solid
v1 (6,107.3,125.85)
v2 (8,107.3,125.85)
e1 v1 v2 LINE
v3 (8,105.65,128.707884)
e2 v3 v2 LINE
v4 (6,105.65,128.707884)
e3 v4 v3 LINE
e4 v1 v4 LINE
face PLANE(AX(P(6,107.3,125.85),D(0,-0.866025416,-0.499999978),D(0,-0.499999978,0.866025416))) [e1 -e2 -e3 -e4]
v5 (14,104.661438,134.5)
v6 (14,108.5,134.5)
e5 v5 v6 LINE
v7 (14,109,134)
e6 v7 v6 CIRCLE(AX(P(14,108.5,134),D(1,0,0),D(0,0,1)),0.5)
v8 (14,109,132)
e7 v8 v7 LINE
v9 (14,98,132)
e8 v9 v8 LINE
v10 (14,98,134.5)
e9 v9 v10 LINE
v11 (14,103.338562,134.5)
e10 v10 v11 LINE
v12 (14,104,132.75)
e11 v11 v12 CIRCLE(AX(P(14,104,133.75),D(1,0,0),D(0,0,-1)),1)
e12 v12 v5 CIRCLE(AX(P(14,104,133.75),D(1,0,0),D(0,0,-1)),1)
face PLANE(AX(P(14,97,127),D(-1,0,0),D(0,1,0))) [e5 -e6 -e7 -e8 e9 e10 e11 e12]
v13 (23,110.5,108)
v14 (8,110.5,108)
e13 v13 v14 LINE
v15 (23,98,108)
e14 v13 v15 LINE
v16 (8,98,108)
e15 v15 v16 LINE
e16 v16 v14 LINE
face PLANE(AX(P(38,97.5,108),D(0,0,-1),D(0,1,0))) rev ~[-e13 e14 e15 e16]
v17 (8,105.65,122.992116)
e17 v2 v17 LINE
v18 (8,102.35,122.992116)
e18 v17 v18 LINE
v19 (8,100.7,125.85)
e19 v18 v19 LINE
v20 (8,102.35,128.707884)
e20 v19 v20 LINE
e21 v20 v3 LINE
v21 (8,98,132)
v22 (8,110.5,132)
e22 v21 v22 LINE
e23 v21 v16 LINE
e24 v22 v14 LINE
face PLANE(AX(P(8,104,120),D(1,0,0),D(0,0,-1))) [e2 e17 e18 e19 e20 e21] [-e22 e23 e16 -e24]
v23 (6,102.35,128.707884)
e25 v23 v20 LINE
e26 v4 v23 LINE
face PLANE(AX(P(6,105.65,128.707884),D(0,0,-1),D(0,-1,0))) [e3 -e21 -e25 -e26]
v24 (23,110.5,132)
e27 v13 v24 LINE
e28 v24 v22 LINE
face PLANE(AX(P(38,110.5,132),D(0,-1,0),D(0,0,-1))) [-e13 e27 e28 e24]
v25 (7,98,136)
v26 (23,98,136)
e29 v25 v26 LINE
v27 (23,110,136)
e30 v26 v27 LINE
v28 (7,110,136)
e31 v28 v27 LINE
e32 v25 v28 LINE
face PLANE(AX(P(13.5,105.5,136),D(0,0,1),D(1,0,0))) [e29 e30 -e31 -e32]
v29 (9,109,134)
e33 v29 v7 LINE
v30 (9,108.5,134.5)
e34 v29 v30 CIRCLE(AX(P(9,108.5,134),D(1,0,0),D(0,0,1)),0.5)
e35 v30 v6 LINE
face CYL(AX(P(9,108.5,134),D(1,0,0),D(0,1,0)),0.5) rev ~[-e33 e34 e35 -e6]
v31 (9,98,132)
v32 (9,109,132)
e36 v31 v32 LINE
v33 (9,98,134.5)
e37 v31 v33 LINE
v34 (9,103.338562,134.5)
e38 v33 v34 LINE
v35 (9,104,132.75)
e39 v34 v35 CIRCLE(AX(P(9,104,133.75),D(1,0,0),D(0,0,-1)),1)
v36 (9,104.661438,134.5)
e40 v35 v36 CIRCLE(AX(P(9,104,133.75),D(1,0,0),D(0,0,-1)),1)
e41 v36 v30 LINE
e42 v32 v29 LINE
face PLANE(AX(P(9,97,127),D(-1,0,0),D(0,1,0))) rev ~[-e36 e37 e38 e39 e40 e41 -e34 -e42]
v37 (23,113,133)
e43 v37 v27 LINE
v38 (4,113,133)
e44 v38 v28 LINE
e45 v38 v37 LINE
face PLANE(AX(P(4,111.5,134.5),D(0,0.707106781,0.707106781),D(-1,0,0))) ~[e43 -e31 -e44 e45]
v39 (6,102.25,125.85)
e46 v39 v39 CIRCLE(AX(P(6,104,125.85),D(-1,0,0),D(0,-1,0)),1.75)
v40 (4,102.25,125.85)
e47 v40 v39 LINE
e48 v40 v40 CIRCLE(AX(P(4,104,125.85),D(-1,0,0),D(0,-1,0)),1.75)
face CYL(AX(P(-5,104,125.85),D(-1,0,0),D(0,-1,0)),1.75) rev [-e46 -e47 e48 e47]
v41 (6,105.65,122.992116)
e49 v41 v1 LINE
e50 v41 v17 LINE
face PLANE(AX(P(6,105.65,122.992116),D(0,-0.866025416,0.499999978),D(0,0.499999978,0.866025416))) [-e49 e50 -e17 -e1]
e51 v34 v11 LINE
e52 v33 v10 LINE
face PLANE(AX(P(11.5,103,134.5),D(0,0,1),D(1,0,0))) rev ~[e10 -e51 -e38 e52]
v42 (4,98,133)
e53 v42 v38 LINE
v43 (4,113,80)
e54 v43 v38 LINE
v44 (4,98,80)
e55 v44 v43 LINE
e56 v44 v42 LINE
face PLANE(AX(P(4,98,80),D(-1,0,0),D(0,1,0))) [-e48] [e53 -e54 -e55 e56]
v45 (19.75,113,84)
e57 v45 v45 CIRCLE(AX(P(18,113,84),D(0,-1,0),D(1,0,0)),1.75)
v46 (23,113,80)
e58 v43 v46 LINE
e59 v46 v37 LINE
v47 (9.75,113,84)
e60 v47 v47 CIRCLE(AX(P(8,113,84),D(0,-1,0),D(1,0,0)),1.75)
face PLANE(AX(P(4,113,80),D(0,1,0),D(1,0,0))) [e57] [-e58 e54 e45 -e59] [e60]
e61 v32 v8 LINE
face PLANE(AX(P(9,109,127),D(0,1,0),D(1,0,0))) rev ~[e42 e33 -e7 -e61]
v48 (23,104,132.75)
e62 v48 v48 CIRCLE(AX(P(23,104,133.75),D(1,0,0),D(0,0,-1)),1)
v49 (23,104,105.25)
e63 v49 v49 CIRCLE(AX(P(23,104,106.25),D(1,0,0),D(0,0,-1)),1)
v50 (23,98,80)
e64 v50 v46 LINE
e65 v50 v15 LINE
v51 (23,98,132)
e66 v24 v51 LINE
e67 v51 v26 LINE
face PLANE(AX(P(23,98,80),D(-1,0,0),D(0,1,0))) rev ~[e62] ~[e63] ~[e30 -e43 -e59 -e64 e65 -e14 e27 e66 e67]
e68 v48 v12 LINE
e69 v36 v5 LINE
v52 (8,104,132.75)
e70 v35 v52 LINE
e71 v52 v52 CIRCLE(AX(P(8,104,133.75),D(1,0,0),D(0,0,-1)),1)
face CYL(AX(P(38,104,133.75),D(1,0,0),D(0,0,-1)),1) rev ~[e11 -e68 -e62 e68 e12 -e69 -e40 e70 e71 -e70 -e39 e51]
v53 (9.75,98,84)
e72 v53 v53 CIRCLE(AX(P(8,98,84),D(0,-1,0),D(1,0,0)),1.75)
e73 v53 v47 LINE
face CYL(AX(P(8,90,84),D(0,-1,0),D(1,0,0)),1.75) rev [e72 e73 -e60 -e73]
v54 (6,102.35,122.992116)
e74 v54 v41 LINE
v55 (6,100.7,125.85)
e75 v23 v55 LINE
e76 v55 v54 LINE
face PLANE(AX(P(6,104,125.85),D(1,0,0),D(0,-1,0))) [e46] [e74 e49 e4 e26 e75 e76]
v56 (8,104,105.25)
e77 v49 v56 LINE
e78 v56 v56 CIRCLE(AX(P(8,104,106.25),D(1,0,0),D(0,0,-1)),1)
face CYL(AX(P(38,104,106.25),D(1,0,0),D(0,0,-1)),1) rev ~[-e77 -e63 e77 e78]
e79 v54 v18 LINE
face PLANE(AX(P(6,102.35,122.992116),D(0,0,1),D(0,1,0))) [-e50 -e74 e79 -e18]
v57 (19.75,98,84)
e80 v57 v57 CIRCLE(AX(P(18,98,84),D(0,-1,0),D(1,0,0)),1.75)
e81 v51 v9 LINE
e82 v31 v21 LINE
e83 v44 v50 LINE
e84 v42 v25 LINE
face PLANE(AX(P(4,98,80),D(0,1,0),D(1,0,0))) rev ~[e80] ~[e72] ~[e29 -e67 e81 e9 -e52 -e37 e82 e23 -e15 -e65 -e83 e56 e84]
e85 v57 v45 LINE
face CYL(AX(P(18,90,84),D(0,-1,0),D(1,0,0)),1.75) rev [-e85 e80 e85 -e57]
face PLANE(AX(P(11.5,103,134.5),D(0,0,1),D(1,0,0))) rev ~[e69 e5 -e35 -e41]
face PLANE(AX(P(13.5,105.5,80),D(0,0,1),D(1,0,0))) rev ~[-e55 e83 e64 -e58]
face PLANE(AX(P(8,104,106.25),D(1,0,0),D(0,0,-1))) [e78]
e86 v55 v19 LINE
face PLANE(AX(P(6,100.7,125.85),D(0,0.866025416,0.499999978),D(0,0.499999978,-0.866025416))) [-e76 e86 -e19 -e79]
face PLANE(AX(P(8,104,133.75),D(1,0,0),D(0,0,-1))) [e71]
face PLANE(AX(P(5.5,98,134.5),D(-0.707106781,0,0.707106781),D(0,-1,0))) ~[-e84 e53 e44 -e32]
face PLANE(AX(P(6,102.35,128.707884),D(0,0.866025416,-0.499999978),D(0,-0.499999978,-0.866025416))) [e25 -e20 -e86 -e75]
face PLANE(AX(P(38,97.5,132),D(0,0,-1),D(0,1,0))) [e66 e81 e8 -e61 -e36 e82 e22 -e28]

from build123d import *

# Parameters (mm, degrees)
BOX069_W               = 5
BOX069_H               = 12
BOX069_DEPTH           = 7.5
CYLINDER075_R          = 1.75
CYLINDER075_DEPTH      = 32
PRISM001_DEPTH         = 10
SKETCH015_R            = 1
SKETCH015_W            = 24
SKETCH015_H            = 13
PAD010_DEPTH           = 30
CYLINDER073_R          = 1.75
CYLINDER073_DEPTH      = 32
CYLINDER073_ROLL_ANGLE = -90
CYLINDER074_R          = 1.75
CYLINDER074_DEPTH      = 32
CYLINDER074_ROLL_ANGLE = -90
BOX054_W               = 19
BOX054_H               = 15
BOX054_DEPTH           = 56
CHAMFER108_SIZE        = 3
FILLET018013051_R      = 0.5


with BuildPart() as cubo015:
    # Box069 → Box069 (new body)
    with BuildSketch(Plane(origin=(9, 97, 127), x_dir=(1, 0, 0), z_dir=(0, 0, 1))):
        with Locations((2.5, 6)):
            Rectangle(BOX069_W, BOX069_H)
    extrude(amount=BOX069_DEPTH)


with BuildPart() as cilindro016:
    # Cylinder075 → Cylinder075 (new body)
    with BuildSketch(Plane(origin=(-5, 104, 125.85), x_dir=(0, -1, 0), z_dir=(1, 0, 0))):
        Circle(CYLINDER075_R)
    extrude(amount=CYLINDER075_DEPTH)


with BuildPart() as fusion057:
    # Prism001 → Prism001 (new body)
    with BuildSketch(Plane(origin=(6, 104, 125.85), x_dir=(0, -1, 0), z_dir=(1, 0, 0))):
        Polygon((3.3, 0), (1.65, 2.857884), (-1.65, 2.857884), (-3.3, 0), (-1.65, -2.857884), (1.65, -2.857884), align=None)
    extrude(amount=PRISM001_DEPTH)

    # Fusion057: union Cilindro016
    add(cilindro016.part)


with BuildPart() as pad010:
    # Sketch015 → Pad010 (new body)
    with BuildSketch(Plane(origin=(38, -16, 143.25), x_dir=(0, 0, -1), z_dir=(1, 0, 0))):
        with Locations((37, 120)):
            Circle(SKETCH015_R)
        with Locations((9.5, 120)):
            Circle(SKETCH015_R)
        with Locations((23.25, 120)):
            Rectangle(SKETCH015_W, SKETCH015_H)
    extrude(amount=-PAD010_DEPTH)


with BuildPart() as cilindro014:
    # Cylinder073 → Cylinder073 (new body)
    with BuildSketch(Plane.XY):
        Circle(CYLINDER073_R)
    extrude(amount=CYLINDER073_DEPTH)


with BuildPart() as cilindro014_1:
    # Cylinder073 roll: moved
    add(cilindro014.part.rotate(Axis((0, 0, 0), (1, 0, 0)), CYLINDER073_ROLL_ANGLE))


with BuildPart() as cilindro014_2:
    # Cylinder073 placement: moved
    add(cilindro014_1.part.moved(Location((8, 90, 84))))


with BuildPart() as fusion056:
    # Cylinder074 → Cylinder074 (new body)
    with BuildSketch(Plane.XY):
        Circle(CYLINDER074_R)
    extrude(amount=CYLINDER074_DEPTH)


with BuildPart() as fusion056_1:
    # Cylinder074 roll: moved
    add(fusion056.part.rotate(Axis((0, 0, 0), (1, 0, 0)), CYLINDER074_ROLL_ANGLE))


with BuildPart() as fusion056_2:
    # Cylinder074 placement: moved
    add(fusion056_1.part.moved(Location((18, 90, 84))))

    # Fusion056: union Cilindro014
    add(cilindro014_2.part)


with BuildPart() as fillet018013051:
    # Box054 → Box054 (new body)
    with BuildSketch(Plane(origin=(4, 98, 80), x_dir=(1, 0, 0), z_dir=(0, 0, 1))):
        with Locations((9.5, 7.5)):
            Rectangle(BOX054_W, BOX054_H)
    extrude(amount=BOX054_DEPTH)

    # Cut098: cut Fusion056
    add(fusion056_2.part, mode=Mode.SUBTRACT)

    # Cut099: cut Pad010
    add(pad010.part, mode=Mode.SUBTRACT)

    # Chamfer108
    chamfer108_edges = [fillet018013051.edges().sort_by_distance(p)[0] for p in [
        (4, 105.5, 136),
        (13.5, 113, 136),
    ]]
    chamfer(chamfer108_edges, length=CHAMFER108_SIZE)

    # Cut100: cut Fusion057
    add(fusion057.part, mode=Mode.SUBTRACT)

    # Cut114: cut Cubo015
    add(cubo015.part, mode=Mode.SUBTRACT)

    # Fillet018013051
    fillet018013051_edges = [fillet018013051.edges().sort_by_distance(p)[0] for p in [
        (11.5, 109, 134.5),
    ]]
    fillet(fillet018013051_edges, radius=FILLET018013051_R)


solid = fillet018013051.part
